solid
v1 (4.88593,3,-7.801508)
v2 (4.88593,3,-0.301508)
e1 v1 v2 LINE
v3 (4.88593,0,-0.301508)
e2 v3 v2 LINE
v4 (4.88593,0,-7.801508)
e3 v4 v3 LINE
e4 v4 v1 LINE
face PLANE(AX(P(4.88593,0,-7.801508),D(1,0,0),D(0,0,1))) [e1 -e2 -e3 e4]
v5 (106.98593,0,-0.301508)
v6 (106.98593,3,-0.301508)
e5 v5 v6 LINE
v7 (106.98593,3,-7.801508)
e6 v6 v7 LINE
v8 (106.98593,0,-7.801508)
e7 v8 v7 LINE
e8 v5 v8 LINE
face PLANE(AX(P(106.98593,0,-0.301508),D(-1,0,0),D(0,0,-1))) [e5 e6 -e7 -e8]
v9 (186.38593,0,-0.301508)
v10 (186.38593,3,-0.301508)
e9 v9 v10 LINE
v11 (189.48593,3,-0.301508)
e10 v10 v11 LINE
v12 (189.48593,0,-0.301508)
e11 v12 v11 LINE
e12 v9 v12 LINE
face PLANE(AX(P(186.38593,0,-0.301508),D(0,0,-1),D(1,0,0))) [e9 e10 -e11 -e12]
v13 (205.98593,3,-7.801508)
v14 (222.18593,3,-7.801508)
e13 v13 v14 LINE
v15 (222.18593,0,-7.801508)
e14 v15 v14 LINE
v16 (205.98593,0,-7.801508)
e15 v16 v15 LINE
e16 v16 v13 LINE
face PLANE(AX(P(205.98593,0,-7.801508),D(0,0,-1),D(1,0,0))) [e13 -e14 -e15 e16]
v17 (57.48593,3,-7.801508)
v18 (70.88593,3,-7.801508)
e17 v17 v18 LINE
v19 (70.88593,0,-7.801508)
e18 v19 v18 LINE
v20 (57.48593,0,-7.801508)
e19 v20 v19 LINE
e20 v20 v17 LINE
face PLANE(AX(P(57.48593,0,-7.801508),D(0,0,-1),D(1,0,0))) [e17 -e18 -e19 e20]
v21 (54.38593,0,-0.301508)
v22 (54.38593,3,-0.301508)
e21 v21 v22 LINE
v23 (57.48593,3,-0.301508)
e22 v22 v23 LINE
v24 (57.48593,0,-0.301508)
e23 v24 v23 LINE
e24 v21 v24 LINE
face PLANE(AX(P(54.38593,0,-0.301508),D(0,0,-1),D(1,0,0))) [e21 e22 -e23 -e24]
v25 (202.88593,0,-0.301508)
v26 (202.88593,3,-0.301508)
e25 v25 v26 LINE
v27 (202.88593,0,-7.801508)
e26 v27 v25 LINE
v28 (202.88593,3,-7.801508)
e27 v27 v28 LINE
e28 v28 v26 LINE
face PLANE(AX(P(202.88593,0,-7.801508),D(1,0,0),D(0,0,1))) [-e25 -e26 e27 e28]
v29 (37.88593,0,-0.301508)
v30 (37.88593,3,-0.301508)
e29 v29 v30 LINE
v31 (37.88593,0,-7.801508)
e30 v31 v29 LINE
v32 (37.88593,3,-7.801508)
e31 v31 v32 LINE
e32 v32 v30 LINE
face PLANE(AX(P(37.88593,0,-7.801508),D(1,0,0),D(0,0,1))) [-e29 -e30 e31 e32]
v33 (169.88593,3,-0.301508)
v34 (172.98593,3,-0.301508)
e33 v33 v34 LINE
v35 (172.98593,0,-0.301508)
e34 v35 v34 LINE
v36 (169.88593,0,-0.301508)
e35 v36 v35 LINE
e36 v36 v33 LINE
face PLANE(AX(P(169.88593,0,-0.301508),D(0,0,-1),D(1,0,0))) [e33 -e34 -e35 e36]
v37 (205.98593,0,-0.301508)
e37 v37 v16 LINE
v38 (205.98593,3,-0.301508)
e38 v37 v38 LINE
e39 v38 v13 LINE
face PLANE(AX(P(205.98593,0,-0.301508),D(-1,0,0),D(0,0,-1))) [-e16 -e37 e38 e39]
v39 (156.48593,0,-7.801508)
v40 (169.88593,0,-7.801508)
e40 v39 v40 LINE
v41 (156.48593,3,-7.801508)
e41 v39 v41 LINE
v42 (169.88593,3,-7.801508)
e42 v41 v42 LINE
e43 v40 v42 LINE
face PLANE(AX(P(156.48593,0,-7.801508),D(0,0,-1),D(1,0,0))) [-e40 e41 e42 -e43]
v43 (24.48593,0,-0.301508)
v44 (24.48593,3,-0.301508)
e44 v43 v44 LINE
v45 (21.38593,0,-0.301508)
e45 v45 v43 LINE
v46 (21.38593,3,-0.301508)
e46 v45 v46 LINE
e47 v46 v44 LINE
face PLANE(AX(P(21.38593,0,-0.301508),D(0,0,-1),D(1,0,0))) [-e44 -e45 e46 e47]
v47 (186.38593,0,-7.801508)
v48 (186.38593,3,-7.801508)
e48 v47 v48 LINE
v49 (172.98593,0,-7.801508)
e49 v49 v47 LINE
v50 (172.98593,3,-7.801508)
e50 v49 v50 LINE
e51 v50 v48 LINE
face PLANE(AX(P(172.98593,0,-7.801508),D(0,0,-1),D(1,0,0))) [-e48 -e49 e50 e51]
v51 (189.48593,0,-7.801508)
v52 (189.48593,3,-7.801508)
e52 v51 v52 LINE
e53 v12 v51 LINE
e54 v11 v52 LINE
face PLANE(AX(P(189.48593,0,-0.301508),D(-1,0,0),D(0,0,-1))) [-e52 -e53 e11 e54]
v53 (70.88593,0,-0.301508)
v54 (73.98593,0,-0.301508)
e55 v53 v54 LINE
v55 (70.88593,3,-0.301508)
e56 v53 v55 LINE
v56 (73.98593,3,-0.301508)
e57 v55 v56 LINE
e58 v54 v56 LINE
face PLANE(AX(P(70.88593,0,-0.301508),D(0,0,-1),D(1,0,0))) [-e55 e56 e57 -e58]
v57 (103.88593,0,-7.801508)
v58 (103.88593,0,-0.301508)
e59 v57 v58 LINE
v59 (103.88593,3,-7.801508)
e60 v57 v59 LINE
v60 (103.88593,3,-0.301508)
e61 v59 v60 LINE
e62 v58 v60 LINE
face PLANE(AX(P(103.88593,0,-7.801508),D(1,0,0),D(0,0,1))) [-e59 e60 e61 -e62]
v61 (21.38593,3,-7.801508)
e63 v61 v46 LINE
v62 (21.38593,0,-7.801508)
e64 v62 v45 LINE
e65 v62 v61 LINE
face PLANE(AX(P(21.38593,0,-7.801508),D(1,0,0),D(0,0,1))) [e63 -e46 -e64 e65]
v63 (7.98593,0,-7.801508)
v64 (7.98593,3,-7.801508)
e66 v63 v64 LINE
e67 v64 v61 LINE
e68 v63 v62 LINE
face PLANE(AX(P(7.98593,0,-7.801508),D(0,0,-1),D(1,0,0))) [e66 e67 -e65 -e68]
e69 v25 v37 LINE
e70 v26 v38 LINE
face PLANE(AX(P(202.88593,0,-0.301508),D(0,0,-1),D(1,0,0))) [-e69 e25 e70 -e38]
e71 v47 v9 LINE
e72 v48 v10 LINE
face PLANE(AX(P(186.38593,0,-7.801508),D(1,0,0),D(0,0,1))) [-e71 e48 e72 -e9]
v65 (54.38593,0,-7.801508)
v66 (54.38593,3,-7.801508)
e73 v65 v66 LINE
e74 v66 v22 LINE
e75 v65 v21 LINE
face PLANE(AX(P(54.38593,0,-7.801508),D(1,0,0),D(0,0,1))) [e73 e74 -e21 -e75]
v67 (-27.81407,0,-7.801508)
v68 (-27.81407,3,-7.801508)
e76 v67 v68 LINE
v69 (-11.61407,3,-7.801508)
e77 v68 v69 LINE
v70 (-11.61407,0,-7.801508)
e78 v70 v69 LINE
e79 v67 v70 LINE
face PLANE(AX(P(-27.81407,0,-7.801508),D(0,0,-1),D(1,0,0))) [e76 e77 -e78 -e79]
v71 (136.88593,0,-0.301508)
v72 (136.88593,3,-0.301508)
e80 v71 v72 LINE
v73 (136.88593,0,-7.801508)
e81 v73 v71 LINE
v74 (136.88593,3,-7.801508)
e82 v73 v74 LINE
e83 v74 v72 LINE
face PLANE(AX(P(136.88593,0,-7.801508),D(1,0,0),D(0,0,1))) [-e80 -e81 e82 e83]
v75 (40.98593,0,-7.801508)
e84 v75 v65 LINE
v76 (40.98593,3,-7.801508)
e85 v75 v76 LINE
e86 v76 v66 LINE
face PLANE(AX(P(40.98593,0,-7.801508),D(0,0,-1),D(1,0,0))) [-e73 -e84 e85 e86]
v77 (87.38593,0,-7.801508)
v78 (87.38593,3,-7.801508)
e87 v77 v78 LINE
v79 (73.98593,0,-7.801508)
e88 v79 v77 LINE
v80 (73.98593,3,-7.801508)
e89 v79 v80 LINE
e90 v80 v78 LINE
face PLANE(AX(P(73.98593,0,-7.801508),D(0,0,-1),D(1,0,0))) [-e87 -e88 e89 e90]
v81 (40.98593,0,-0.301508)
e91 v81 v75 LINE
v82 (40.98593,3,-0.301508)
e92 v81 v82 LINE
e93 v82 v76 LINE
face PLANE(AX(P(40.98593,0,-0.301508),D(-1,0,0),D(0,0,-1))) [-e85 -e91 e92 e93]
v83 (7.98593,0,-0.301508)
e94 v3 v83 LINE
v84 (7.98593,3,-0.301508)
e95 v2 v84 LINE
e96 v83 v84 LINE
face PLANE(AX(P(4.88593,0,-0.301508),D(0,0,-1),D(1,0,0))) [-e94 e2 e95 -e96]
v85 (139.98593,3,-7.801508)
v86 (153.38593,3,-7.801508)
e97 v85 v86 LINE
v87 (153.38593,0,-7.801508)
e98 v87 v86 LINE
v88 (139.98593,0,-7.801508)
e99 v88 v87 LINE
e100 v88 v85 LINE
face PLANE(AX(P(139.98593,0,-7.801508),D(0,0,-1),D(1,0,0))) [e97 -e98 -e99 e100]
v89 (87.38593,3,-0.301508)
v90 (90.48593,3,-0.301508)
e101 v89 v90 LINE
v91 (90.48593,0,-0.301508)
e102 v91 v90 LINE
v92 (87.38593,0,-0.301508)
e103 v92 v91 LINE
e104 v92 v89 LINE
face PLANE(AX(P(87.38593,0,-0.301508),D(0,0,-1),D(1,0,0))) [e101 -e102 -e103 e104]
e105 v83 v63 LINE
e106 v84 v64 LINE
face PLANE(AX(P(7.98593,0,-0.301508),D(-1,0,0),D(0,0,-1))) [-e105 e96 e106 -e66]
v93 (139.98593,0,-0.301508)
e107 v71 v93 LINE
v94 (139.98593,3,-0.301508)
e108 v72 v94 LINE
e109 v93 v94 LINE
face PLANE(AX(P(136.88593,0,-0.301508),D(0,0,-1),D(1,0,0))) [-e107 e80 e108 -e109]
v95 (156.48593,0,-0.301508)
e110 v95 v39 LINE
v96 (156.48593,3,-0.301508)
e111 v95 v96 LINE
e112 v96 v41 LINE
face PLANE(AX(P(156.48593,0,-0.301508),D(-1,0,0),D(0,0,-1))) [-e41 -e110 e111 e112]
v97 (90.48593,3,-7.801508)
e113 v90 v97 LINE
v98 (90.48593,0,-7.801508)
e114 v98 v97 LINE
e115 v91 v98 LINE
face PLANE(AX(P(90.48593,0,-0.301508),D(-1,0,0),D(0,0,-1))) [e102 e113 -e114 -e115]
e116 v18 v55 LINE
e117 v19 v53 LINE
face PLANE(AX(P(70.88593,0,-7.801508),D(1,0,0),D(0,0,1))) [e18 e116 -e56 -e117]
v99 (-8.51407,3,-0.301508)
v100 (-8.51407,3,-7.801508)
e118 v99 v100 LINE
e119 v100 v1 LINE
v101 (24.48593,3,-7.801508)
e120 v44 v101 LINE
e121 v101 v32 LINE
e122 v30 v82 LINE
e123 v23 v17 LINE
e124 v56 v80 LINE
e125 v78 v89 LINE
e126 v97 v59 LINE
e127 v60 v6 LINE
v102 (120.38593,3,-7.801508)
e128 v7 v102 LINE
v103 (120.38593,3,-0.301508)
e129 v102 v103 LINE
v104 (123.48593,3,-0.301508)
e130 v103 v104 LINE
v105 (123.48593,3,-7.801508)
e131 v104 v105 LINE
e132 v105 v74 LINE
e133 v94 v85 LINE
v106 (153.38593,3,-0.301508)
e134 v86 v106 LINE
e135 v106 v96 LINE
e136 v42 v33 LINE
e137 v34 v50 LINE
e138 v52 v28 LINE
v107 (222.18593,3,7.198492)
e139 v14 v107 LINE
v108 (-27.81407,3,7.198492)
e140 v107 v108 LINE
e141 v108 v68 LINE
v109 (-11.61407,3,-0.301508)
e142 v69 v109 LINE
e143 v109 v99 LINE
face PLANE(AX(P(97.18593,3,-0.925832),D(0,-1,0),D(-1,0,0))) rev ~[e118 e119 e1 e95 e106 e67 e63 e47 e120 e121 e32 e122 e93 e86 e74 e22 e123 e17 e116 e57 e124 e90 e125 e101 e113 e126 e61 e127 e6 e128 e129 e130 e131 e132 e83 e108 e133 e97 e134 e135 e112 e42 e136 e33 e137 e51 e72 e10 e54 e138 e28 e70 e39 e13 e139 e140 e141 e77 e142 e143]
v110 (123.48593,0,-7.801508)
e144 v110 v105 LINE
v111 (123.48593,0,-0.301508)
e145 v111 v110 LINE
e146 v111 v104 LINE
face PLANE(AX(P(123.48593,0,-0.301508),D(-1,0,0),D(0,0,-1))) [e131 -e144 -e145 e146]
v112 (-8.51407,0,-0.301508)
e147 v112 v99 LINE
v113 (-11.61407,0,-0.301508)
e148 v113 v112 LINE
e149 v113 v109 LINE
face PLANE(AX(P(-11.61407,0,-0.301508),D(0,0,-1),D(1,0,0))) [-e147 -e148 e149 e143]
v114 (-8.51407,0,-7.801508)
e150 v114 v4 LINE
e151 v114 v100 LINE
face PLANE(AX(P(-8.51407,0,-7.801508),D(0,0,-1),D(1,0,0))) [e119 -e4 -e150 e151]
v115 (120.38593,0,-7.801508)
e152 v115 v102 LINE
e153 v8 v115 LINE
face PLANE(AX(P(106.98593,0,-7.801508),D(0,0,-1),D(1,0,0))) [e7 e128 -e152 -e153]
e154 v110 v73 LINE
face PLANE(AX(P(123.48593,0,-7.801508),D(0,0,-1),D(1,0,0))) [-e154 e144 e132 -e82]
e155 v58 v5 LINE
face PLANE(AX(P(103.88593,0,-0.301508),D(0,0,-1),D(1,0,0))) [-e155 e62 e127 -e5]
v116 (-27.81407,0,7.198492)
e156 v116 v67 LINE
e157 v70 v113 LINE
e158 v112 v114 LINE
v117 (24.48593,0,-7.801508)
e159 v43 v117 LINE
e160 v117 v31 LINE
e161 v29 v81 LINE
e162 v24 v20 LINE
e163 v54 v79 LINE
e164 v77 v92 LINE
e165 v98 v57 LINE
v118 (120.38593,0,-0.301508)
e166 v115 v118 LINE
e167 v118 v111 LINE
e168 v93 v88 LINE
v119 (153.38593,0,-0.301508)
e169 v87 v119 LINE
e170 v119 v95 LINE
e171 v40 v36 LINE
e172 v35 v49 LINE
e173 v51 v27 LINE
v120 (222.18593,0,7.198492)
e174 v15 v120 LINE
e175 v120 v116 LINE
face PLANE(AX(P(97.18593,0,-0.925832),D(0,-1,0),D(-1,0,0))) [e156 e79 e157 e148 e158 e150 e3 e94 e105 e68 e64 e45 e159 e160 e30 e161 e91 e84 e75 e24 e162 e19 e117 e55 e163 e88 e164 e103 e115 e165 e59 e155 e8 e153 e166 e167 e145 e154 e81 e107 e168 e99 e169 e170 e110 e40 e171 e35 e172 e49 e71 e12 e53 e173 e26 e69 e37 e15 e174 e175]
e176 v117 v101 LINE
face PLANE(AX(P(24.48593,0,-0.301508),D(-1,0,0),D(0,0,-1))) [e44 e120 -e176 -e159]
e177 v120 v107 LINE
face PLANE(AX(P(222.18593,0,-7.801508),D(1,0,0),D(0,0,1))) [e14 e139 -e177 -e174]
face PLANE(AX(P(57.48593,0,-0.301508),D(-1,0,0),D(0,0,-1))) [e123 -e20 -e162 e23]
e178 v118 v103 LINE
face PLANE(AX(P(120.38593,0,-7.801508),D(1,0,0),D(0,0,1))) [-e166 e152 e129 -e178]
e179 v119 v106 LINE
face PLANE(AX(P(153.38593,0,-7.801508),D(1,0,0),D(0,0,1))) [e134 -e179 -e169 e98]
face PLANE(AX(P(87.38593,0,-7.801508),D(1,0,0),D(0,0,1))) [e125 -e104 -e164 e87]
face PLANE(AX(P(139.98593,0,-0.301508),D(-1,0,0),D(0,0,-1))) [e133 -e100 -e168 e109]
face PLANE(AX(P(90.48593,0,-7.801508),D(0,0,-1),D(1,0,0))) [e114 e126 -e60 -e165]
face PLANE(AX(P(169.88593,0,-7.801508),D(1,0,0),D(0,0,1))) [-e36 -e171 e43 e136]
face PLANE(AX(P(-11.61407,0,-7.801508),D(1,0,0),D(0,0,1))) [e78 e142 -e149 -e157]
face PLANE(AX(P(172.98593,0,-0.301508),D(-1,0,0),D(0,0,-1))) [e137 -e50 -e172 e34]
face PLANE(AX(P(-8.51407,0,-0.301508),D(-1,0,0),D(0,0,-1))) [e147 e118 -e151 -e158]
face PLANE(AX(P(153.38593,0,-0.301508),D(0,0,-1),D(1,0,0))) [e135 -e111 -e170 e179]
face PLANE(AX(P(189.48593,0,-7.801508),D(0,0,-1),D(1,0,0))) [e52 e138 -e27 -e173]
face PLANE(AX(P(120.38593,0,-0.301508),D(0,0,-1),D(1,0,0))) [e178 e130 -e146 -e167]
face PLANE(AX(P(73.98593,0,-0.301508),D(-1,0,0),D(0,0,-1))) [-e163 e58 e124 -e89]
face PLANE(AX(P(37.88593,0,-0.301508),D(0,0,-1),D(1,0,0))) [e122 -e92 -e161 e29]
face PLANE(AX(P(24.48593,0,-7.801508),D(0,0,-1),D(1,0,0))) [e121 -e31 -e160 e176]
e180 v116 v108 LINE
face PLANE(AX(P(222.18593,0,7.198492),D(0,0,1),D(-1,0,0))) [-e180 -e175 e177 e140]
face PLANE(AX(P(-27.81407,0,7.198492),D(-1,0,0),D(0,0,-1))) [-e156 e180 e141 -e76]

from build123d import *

# Parameters (mm, degrees)
AUFSATZ_LINEAR_AUSTRAGEN1_DEPTH = 3


with BuildPart() as part:
    # Skizze1 → Aufsatz-Linear austragen1 (new body)
    with BuildSketch(Plane(origin=(0, 0, 0), x_dir=(1, 0, 0), z_dir=(0, 1, 0))):
        Polygon((4.885929648, 7.801507538), (4.885929648, 0.301507538), (7.985929648, 0.301507538), (7.985929648, 7.801507538), (21.385929648, 7.801507538), (21.385929648, 0.301507538), (24.485929648, 0.301507538), (24.485929648, 7.801507538), (37.885929648, 7.801507538), (37.885929648, 0.301507538), (40.985929648, 0.301507538), (40.985929648, 7.801507538), (54.385929648, 7.801507538), (54.385929648, 0.301507538), (57.485929648, 0.301507538), (57.485929648, 7.801507538), (70.885929648, 7.801507538), (70.885929648, 0.301507538), (73.985929648, 0.301507538), (73.985929648, 7.801507538), (87.385929648, 7.801507538), (87.385929648, 0.301507538), (90.485929648, 0.301507538), (90.485929648, 7.801507538), (103.885929648, 7.801507538), (103.885929648, 0.301507538), (106.985929648, 0.301507538), (106.985929648, 7.801507538), (120.385929648, 7.801507538), (120.385929648, 0.301507538), (123.485929648, 0.301507538), (123.485929648, 7.801507538), (136.885929648, 7.801507538), (136.885929648, 0.301507538), (139.985929648, 0.301507538), (139.985929648, 7.801507538), (153.385929648, 7.801507538), (153.385929648, 0.301507538), (156.485929648, 0.301507538), (156.485929648, 7.801507538), (169.885929648, 7.801507538), (169.885929648, 0.301507538), (172.985929648, 0.301507538), (172.985929648, 7.801507538), (186.385929648, 7.801507538), (186.385929648, 0.301507538), (189.485929648, 0.301507538), (189.485929648, 7.801507538), (202.885929648, 7.801507538), (202.885929648, 0.301507538), (205.985929648, 0.301507538), (205.985929648, 7.801507538), (222.185929648, 7.801507538), (222.185929648, -7.198492462), (-27.814070352, -7.198492462), (-27.814070352, 7.801507538), (-11.614070352, 7.801507538), (-11.614070352, 0.301507538), (-8.514070352, 0.301507538), (-8.514070352, 7.801507538), align=None)
    extrude(amount=AUFSATZ_LINEAR_AUSTRAGEN1_DEPTH)


solid = part.part
